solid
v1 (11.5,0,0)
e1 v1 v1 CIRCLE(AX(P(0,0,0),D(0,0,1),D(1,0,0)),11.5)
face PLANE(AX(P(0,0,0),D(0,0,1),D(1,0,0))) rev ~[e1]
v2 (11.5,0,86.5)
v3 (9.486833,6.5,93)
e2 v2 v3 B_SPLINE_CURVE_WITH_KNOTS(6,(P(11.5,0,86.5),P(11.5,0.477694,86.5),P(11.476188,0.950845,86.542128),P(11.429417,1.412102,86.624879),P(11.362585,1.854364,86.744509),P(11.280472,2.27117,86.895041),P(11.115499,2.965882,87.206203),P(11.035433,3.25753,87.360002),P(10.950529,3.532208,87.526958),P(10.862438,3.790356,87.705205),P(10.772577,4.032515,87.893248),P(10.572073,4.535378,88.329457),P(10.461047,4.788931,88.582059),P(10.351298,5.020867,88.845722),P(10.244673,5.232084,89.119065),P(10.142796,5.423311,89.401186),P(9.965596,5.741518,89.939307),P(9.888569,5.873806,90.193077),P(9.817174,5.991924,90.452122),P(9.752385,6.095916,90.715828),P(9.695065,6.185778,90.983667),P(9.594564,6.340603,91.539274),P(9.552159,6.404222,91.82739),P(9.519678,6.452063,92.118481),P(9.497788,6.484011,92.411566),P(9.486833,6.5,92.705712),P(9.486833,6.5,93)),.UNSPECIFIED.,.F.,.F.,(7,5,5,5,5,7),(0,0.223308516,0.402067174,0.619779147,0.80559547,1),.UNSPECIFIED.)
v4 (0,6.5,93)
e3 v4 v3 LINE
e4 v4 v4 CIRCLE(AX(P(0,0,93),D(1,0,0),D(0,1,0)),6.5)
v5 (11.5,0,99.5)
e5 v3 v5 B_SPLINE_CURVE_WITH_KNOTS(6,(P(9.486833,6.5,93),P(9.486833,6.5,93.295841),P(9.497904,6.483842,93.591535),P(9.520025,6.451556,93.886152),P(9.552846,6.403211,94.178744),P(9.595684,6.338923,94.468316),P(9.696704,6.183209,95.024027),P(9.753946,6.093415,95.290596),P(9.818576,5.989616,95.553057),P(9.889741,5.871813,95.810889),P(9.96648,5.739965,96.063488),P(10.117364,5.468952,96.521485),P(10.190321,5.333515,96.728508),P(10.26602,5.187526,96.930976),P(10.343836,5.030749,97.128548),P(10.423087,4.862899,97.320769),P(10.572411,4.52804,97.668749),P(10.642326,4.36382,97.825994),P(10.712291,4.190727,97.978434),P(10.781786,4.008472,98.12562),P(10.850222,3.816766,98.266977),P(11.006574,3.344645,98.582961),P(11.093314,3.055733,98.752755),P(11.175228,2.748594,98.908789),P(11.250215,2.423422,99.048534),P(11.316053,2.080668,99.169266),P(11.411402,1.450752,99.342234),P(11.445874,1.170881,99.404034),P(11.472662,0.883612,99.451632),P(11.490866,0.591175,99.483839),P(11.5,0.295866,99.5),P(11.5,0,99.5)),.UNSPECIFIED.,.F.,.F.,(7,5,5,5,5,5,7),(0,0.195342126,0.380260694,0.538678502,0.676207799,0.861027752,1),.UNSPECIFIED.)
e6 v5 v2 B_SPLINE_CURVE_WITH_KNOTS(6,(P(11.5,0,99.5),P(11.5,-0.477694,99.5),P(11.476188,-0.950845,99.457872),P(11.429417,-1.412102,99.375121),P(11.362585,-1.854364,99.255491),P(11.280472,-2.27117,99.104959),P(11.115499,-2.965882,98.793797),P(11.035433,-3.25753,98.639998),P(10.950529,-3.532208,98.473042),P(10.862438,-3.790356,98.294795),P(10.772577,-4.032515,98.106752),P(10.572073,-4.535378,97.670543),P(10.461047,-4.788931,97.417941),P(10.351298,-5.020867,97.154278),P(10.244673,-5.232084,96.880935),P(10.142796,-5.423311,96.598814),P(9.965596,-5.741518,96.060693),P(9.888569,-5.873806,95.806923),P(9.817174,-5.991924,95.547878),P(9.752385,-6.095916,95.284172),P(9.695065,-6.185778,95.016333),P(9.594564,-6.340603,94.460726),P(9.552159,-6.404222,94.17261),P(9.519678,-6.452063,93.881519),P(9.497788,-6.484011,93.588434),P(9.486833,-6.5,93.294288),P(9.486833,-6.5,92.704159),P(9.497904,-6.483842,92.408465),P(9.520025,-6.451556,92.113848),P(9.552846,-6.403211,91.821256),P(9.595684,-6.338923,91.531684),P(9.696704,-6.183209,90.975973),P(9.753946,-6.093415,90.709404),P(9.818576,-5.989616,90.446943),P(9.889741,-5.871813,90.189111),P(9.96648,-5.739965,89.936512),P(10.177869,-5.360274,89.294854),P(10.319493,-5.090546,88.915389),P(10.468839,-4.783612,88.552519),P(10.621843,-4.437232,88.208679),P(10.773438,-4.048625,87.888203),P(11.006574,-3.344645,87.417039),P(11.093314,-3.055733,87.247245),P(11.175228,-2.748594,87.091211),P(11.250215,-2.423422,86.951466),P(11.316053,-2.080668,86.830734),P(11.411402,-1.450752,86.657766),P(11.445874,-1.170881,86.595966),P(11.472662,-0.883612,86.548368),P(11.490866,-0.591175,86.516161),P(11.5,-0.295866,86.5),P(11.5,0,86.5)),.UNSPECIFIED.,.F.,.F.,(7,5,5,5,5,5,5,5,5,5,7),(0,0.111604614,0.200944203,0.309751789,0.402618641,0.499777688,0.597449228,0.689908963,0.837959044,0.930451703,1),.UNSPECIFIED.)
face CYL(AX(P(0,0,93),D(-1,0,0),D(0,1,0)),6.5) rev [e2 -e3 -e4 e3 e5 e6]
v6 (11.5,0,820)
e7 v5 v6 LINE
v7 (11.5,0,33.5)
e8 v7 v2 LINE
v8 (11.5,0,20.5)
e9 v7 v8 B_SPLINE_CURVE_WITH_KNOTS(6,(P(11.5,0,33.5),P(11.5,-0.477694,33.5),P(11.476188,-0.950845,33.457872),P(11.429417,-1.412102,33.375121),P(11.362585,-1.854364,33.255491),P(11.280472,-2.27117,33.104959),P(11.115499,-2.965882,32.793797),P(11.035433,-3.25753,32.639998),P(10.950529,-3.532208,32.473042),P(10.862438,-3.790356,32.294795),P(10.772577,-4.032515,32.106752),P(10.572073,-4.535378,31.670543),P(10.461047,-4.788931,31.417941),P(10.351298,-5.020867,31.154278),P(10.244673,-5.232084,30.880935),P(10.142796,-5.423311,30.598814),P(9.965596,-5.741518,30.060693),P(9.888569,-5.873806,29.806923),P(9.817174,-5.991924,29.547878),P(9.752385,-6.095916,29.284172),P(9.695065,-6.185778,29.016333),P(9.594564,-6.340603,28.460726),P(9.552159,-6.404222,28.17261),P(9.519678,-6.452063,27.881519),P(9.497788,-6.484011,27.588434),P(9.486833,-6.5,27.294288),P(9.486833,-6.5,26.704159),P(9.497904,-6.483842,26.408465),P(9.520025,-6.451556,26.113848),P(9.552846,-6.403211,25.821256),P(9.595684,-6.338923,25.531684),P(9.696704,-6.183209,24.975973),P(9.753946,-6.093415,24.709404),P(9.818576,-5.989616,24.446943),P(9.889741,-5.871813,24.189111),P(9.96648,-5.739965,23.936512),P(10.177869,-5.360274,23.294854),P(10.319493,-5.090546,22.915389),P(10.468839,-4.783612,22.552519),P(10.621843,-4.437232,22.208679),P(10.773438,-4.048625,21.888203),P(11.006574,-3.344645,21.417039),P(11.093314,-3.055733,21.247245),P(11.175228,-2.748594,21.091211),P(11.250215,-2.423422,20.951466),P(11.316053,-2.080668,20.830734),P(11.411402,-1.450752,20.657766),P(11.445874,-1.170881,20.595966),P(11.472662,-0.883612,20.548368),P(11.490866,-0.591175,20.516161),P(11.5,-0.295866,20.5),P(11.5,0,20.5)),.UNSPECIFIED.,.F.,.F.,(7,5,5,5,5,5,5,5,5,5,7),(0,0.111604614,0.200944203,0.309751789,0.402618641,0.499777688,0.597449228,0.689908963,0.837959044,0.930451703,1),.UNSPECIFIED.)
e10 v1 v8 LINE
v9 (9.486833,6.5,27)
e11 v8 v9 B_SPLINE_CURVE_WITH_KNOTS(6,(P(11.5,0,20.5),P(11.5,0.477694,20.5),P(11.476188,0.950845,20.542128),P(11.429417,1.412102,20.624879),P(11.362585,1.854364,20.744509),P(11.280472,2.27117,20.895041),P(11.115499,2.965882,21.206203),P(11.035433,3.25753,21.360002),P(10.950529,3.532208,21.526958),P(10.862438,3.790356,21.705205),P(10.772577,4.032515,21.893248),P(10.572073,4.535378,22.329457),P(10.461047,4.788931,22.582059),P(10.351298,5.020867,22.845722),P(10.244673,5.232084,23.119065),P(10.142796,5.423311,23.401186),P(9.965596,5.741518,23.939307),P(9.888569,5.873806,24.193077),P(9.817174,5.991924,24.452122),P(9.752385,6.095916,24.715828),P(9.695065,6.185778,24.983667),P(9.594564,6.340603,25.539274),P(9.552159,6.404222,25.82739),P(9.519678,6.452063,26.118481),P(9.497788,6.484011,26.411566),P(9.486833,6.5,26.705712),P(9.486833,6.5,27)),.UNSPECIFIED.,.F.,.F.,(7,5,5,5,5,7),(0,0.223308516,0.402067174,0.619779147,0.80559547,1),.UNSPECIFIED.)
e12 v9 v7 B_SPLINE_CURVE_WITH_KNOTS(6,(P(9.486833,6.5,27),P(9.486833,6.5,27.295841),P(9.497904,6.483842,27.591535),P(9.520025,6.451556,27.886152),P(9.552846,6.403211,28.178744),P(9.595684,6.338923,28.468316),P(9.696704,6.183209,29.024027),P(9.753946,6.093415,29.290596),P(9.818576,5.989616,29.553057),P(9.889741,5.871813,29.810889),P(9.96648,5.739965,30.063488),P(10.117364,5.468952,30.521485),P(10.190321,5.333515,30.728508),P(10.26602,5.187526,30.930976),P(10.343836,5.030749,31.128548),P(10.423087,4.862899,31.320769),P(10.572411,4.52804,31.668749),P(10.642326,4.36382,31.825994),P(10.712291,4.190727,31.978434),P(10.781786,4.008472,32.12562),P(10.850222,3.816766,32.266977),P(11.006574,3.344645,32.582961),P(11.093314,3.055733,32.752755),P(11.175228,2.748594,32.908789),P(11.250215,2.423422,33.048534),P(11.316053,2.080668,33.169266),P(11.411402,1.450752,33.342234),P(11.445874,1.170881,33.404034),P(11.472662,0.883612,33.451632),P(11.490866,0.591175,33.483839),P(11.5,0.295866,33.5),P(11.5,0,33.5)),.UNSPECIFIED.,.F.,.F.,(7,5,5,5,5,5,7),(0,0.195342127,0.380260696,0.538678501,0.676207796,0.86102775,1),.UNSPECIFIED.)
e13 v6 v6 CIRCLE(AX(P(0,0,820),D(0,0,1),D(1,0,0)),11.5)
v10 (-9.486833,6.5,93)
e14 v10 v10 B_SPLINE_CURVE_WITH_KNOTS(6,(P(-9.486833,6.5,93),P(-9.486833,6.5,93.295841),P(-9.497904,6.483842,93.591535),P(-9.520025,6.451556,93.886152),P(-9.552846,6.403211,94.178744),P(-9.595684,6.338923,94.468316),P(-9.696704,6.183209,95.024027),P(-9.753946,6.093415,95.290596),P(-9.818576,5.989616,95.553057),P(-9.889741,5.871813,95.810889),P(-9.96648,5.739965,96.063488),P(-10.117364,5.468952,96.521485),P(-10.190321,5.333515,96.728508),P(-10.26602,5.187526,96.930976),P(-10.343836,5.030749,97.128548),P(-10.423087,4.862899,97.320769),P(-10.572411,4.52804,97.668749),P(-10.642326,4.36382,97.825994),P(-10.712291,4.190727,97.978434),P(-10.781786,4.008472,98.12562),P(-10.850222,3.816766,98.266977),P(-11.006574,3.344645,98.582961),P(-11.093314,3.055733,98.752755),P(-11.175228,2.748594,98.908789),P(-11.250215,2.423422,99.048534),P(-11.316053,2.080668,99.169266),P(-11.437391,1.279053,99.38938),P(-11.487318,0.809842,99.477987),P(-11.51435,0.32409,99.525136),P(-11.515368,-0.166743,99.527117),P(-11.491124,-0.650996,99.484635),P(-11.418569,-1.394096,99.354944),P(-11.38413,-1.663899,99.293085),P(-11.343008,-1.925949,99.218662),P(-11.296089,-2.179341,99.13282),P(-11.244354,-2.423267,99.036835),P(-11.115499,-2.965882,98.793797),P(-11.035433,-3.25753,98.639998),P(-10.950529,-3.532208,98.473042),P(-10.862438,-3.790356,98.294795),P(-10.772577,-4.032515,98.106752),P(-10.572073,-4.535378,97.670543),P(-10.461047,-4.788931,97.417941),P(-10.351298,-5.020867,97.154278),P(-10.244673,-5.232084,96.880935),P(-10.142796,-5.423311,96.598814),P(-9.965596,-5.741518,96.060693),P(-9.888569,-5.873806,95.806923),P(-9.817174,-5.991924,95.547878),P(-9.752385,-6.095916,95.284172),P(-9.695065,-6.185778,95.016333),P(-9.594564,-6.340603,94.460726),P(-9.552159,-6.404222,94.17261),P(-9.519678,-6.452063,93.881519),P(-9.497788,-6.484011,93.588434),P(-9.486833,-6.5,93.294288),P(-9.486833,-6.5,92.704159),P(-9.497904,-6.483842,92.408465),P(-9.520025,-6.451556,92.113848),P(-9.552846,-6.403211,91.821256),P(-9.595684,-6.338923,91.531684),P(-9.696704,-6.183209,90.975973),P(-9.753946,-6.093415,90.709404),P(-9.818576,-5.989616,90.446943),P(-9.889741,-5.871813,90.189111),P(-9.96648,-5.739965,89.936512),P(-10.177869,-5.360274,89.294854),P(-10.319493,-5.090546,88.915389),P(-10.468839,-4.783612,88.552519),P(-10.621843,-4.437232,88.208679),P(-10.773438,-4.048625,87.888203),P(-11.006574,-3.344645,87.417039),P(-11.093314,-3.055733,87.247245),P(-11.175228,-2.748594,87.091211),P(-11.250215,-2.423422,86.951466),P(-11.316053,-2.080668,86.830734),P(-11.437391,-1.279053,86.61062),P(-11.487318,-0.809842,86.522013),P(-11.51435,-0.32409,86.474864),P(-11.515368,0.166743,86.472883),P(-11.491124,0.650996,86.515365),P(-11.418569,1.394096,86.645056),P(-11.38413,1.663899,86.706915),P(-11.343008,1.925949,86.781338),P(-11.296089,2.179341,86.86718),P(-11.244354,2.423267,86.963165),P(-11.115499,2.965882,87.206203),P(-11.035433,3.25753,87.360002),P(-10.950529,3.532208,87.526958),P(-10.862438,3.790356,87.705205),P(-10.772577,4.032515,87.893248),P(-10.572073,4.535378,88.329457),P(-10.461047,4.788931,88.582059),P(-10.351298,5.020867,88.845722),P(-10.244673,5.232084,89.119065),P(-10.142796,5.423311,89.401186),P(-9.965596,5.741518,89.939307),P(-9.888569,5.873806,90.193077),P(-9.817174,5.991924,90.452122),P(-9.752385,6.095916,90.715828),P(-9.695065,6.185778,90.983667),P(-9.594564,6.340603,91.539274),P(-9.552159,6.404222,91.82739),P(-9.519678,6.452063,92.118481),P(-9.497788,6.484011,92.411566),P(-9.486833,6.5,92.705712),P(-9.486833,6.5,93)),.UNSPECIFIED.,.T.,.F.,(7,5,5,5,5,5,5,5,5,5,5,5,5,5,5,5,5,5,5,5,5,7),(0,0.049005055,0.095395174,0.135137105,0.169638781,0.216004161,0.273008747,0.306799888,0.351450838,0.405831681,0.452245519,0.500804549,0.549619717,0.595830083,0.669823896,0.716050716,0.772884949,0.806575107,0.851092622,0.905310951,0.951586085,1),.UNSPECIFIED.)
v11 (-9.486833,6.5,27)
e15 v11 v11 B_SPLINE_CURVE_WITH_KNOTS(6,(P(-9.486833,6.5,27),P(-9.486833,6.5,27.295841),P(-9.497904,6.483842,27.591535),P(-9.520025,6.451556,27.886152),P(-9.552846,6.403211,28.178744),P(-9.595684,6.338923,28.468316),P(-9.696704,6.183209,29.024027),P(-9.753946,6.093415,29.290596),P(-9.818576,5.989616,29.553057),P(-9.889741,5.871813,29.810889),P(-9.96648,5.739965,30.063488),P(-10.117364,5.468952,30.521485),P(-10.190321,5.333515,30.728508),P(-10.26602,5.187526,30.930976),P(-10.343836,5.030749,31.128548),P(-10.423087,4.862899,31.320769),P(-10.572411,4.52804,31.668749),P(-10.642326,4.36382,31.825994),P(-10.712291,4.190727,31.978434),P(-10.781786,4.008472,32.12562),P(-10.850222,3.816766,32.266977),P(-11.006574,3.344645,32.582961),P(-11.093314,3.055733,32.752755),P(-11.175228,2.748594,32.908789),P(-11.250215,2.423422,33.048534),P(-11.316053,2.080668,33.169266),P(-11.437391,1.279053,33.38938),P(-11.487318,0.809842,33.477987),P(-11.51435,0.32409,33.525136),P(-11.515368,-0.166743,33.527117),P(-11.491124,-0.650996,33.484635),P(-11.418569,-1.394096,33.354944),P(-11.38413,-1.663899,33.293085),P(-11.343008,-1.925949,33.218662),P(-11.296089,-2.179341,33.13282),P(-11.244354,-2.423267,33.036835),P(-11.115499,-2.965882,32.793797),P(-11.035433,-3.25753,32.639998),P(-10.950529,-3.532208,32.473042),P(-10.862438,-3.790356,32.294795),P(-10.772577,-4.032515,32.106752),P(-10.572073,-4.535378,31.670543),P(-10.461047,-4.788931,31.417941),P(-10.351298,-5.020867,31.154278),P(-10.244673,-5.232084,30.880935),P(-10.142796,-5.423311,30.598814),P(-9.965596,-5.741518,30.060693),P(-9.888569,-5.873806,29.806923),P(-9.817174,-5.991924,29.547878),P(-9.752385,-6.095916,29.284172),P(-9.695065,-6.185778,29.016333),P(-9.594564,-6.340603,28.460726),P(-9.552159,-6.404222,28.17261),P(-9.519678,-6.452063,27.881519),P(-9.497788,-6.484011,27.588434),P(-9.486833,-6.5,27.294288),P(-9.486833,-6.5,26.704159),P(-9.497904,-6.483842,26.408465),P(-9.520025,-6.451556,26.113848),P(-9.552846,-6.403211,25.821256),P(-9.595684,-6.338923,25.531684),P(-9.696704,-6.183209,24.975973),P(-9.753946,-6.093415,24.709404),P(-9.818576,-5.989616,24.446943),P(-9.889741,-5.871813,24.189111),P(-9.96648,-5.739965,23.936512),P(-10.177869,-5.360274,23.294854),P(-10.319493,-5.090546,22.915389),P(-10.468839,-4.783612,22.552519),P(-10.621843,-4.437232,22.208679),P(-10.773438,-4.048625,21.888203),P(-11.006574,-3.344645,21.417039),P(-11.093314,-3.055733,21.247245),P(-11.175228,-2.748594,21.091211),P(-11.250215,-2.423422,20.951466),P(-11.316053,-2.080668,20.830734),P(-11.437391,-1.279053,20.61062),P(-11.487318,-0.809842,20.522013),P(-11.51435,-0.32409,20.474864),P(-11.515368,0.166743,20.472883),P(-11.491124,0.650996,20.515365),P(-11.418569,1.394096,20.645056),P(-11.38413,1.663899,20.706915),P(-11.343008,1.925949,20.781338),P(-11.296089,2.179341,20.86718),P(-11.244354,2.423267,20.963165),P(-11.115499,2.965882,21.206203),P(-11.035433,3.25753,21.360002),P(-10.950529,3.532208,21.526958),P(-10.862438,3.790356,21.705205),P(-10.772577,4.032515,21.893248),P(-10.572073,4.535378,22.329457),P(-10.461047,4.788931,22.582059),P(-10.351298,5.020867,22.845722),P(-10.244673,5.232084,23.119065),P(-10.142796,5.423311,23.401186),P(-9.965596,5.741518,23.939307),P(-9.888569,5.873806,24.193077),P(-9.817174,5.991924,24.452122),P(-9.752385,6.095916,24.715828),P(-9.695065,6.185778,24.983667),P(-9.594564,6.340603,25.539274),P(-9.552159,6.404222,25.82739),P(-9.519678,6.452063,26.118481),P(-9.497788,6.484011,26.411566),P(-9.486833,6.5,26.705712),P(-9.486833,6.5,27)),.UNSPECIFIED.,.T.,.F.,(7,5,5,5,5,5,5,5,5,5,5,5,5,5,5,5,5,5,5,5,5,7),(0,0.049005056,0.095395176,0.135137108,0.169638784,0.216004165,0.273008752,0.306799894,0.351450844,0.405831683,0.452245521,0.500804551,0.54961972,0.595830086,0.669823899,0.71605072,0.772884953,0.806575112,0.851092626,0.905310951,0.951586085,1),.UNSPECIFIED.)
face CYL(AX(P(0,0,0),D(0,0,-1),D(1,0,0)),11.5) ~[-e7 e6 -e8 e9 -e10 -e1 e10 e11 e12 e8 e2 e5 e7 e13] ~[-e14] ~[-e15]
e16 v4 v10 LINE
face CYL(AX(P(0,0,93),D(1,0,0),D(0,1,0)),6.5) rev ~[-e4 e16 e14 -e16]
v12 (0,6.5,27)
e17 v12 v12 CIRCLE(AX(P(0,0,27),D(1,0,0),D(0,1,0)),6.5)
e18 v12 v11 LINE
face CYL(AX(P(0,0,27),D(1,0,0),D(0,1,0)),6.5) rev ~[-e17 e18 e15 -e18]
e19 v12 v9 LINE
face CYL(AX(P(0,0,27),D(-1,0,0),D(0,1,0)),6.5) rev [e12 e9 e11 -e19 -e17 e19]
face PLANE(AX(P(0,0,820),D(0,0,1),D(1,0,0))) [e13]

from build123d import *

# Parameters (mm, degrees)
F0_R          = 11.5
F1_DEPTH      = 820
F2_R          = 6.5
F3_DEPTH      = 100
F3_DEPTH_BACK = 25


with BuildPart() as f1:
    # F0 (on Top) → F1 (new body)
    with BuildSketch(Plane.XY):
        Circle(F0_R)
    extrude(amount=F1_DEPTH)

    # F2 (on Right) → F3 (cut, two sides)
    with BuildSketch(Plane.YZ) as f3_sk:
        with Locations((0, 27)):
            Circle(F2_R)
        with Locations((0, 93)):
            Circle(F2_R)
    extrude(amount=-F3_DEPTH, mode=Mode.SUBTRACT)
    extrude(f3_sk.sketch, amount=F3_DEPTH_BACK, mode=Mode.SUBTRACT)


solid = f1.part
